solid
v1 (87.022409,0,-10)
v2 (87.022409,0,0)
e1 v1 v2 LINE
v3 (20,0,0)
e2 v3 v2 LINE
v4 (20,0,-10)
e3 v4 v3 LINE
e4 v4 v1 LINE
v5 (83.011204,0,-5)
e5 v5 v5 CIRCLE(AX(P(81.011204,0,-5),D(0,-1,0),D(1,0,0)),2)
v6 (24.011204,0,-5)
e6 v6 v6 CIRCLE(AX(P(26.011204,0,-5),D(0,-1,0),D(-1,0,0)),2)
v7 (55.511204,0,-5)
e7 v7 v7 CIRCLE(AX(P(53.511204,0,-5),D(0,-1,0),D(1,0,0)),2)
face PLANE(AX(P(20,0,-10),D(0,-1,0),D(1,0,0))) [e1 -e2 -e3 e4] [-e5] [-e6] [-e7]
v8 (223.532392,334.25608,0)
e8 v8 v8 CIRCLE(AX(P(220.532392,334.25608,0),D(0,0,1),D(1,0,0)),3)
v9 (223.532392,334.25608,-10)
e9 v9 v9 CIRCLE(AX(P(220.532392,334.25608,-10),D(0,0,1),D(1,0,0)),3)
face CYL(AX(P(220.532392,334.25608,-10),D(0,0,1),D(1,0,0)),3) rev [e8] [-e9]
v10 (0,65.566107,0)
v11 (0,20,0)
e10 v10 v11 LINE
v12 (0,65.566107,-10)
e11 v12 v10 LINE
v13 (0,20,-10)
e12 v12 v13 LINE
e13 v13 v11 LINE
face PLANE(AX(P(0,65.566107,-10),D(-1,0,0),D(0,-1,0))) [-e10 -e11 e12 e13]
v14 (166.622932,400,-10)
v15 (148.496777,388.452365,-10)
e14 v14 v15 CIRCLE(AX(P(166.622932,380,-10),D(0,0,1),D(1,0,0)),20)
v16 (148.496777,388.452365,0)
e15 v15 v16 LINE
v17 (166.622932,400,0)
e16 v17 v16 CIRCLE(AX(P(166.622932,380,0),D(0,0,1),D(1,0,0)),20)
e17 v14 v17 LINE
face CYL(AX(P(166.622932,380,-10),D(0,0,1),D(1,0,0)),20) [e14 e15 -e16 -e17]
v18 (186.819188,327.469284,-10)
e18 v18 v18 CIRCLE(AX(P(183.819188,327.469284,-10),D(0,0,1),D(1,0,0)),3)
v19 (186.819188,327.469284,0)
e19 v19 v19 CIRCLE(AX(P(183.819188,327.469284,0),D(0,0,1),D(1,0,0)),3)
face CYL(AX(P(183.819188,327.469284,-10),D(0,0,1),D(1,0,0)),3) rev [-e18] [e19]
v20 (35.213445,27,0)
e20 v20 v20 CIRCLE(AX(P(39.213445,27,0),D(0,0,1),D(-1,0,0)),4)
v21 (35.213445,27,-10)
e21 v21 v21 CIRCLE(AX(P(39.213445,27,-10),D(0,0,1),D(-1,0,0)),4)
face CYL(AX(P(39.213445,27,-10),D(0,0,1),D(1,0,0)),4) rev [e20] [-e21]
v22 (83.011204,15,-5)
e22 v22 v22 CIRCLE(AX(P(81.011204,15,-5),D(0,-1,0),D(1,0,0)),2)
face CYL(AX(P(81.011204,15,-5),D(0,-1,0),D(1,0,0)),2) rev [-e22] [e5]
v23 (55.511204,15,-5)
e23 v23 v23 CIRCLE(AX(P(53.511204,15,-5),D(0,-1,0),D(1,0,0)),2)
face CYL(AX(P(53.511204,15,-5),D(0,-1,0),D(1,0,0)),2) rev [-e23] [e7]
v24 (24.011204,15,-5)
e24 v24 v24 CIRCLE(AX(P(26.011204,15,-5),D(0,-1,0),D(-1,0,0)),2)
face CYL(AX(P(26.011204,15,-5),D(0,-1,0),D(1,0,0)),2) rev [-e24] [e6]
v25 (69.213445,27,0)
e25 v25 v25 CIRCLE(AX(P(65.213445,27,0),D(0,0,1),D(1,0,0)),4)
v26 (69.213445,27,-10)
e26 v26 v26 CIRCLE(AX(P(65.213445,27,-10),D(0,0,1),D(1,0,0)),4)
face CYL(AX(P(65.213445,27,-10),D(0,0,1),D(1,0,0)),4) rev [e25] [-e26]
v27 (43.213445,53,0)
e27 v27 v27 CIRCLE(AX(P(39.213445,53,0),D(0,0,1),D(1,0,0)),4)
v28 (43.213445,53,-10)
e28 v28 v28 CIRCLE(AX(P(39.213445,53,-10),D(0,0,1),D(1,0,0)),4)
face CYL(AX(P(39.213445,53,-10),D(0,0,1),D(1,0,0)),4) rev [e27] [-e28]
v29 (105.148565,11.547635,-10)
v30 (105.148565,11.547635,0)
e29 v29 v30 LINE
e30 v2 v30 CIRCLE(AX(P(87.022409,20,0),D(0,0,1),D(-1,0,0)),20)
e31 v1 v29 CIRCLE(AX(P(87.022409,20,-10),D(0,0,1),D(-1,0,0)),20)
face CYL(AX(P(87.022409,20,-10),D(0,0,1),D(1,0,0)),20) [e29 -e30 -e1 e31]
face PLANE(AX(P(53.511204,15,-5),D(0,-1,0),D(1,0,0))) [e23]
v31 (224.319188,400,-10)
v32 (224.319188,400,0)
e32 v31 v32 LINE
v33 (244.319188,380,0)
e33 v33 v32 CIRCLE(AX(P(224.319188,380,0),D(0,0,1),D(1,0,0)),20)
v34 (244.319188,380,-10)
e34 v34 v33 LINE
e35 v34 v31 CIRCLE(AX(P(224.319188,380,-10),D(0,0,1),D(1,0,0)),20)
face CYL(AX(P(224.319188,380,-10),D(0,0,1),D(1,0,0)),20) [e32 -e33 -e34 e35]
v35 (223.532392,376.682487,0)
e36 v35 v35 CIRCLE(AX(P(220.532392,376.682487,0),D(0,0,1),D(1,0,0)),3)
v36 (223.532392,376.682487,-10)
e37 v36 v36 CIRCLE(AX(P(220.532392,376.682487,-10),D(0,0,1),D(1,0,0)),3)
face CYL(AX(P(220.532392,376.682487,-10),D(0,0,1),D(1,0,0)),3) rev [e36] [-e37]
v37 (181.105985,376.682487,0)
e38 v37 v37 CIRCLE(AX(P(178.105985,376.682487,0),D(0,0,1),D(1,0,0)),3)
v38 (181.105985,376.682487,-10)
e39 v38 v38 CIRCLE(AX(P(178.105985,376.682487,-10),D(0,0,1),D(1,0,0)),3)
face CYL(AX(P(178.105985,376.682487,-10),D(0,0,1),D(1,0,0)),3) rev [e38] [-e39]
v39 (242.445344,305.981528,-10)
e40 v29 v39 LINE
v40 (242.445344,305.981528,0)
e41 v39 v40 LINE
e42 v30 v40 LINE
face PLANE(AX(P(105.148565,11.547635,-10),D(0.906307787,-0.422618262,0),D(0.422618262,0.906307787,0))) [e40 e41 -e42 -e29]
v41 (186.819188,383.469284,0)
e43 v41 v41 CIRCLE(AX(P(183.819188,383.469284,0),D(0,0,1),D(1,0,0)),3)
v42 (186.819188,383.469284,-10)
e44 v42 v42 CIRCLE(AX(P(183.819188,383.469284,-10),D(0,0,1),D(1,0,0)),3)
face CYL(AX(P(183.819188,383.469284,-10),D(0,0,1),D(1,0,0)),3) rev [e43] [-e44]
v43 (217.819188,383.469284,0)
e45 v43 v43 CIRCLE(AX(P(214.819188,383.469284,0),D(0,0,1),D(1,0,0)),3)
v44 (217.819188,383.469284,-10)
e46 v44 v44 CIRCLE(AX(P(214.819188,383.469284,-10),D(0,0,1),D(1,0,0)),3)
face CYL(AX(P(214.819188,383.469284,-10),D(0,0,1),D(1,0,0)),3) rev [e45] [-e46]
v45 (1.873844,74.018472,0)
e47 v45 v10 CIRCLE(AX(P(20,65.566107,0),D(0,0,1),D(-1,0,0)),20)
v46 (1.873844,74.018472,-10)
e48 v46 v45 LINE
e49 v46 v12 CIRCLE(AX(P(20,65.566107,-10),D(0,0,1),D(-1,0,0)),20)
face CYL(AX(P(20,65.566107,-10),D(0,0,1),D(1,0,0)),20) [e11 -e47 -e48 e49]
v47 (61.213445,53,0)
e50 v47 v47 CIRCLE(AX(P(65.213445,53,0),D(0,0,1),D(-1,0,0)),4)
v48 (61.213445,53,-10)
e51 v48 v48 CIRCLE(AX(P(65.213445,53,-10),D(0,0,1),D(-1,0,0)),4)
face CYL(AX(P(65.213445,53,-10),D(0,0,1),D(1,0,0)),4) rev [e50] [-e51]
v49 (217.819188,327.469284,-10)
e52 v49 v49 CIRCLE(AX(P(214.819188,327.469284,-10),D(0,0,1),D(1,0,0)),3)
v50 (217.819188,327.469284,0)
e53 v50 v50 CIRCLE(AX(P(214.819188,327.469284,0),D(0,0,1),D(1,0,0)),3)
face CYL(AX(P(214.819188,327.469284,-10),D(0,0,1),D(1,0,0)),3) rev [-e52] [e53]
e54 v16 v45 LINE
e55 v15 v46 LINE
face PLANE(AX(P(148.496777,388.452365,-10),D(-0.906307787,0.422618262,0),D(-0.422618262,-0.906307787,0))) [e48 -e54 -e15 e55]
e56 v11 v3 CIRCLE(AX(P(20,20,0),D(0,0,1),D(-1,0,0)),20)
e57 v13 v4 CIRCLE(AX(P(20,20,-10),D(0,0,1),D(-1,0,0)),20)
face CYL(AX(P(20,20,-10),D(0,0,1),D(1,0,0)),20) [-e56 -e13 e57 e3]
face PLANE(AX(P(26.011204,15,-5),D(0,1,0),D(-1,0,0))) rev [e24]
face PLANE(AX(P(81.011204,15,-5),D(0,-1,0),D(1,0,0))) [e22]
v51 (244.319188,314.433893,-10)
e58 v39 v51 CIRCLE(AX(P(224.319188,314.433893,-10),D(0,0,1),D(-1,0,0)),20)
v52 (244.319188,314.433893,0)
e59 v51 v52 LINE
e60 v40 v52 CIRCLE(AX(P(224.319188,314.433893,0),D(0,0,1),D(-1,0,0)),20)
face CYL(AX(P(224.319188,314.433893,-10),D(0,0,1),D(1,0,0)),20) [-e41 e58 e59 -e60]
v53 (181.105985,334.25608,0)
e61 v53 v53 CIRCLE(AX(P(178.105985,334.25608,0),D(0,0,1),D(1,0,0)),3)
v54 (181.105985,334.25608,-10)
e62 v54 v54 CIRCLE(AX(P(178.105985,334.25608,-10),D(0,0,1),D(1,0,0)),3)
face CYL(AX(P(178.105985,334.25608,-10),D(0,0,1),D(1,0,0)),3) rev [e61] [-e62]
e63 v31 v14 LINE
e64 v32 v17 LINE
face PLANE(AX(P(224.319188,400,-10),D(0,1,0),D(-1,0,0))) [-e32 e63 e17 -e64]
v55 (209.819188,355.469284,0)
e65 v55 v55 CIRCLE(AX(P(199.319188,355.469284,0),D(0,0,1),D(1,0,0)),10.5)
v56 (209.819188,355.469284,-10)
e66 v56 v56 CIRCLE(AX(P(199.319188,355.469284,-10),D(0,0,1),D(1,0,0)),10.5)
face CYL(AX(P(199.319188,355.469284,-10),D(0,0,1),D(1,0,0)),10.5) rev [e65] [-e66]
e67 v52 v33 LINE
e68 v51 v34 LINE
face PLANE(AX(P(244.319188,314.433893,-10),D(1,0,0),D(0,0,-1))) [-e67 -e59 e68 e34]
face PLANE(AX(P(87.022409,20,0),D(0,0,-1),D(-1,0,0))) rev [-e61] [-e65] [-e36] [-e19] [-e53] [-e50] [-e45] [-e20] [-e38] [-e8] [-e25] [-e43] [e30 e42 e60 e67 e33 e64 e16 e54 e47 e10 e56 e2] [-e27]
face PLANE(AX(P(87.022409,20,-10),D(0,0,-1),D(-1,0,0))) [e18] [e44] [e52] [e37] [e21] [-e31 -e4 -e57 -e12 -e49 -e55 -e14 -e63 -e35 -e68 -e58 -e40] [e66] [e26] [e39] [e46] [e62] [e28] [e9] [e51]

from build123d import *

# Parameters (mm, degrees)
SCHIZZO1_R                   = 4
SCHIZZO1_R_2                 = 10.5
SCHIZZO1_R_3                 = 3
ESTRUSIONE_ESTRUSIONE2_DEPTH = 10
SCHIZZO2_R                   = 2
TAGLIO_ESTRUSIONE1_DEPTH     = 15


with BuildPart() as part:
    # Schizzo1 → Estrusione-Estrusione2 (new body)
    with BuildSketch(Plane.XY):
        with BuildLine():
            Line((20, 0), (87.022408988, 0))
            ThreePointArc((87.022408988, 0), (97.768401155, 3.132171084), (105.148564729, 11.547634765))
            Line((105.148564729, 11.547634765), (242.445343973, 305.981528018))
            ThreePointArc((242.445343973, 305.981528018), (243.845108375, 310.105100974), (244.319188233, 314.433893253))
            Line((244.319188233, 314.433893253), (244.319188233, 380))
            ThreePointArc((244.319188233, 380), (238.461323856, 394.142135624), (224.319188233, 400))
            Line((224.319188233, 400), (166.622932407, 400))
            ThreePointArc((166.622932407, 400), (155.87694024, 396.867828916), (148.496776667, 388.452365235))
            Line((148.496776667, 388.452365235), (1.873844259, 74.018471982))
            ThreePointArc((1.873844259, 74.018471982), (0.474079858, 69.894899026), (0, 65.566106747))
            Line((0, 65.566106747), (0, 20))
            ThreePointArc((0, 20), (5.857864376, 5.857864376), (20, 0))
        make_face()
        with Locations((39.213445393, 53)):
            Circle(SCHIZZO1_R, mode=Mode.SUBTRACT)
        with Locations(Location((65.213445393, 53, 0), (0, 0, 180))):
            Circle(SCHIZZO1_R, mode=Mode.SUBTRACT)
        with Locations((65.213445393, 27)):
            Circle(SCHIZZO1_R, mode=Mode.SUBTRACT)
        with Locations(Location((39.213445393, 27, 0), (0, 0, 180))):
            Circle(SCHIZZO1_R, mode=Mode.SUBTRACT)
        with Locations((199.319188233, 355.469283566)):
            Circle(SCHIZZO1_R_2, mode=Mode.SUBTRACT)
        with Locations((183.819188233, 383.469283566)):
            Circle(SCHIZZO1_R_3, mode=Mode.SUBTRACT)
        with Locations((214.819188233, 383.469283566)):
            Circle(SCHIZZO1_R_3, mode=Mode.SUBTRACT)
        with Locations((220.532391668, 376.682487002)):
            Circle(SCHIZZO1_R_3, mode=Mode.SUBTRACT)
        with Locations((220.532391668, 334.256080131)):
            Circle(SCHIZZO1_R_3, mode=Mode.SUBTRACT)
        with Locations((214.819188233, 327.469283566)):
            Circle(SCHIZZO1_R_3, mode=Mode.SUBTRACT)
        with Locations((183.819188233, 327.469283566)):
            Circle(SCHIZZO1_R_3, mode=Mode.SUBTRACT)
        with Locations((178.105984797, 334.256080131)):
            Circle(SCHIZZO1_R_3, mode=Mode.SUBTRACT)
        with Locations((178.105984797, 376.682487002)):
            Circle(SCHIZZO1_R_3, mode=Mode.SUBTRACT)
    extrude(amount=-ESTRUSIONE_ESTRUSIONE2_DEPTH)

    # Schizzo2 → Taglio-Estrusione1 (cut)
    with BuildSketch(Plane.XZ):
        with Locations((53.511204494, -5)):
            Circle(SCHIZZO2_R)
        with Locations((81.011204494, -5)):
            Circle(SCHIZZO2_R)
        with Locations(Location((26.011204494, -5, 0), (0, 0, 180))):
            Circle(SCHIZZO2_R)
    extrude(amount=-TAGLIO_ESTRUSIONE1_DEPTH, mode=Mode.SUBTRACT)


solid = part.part
